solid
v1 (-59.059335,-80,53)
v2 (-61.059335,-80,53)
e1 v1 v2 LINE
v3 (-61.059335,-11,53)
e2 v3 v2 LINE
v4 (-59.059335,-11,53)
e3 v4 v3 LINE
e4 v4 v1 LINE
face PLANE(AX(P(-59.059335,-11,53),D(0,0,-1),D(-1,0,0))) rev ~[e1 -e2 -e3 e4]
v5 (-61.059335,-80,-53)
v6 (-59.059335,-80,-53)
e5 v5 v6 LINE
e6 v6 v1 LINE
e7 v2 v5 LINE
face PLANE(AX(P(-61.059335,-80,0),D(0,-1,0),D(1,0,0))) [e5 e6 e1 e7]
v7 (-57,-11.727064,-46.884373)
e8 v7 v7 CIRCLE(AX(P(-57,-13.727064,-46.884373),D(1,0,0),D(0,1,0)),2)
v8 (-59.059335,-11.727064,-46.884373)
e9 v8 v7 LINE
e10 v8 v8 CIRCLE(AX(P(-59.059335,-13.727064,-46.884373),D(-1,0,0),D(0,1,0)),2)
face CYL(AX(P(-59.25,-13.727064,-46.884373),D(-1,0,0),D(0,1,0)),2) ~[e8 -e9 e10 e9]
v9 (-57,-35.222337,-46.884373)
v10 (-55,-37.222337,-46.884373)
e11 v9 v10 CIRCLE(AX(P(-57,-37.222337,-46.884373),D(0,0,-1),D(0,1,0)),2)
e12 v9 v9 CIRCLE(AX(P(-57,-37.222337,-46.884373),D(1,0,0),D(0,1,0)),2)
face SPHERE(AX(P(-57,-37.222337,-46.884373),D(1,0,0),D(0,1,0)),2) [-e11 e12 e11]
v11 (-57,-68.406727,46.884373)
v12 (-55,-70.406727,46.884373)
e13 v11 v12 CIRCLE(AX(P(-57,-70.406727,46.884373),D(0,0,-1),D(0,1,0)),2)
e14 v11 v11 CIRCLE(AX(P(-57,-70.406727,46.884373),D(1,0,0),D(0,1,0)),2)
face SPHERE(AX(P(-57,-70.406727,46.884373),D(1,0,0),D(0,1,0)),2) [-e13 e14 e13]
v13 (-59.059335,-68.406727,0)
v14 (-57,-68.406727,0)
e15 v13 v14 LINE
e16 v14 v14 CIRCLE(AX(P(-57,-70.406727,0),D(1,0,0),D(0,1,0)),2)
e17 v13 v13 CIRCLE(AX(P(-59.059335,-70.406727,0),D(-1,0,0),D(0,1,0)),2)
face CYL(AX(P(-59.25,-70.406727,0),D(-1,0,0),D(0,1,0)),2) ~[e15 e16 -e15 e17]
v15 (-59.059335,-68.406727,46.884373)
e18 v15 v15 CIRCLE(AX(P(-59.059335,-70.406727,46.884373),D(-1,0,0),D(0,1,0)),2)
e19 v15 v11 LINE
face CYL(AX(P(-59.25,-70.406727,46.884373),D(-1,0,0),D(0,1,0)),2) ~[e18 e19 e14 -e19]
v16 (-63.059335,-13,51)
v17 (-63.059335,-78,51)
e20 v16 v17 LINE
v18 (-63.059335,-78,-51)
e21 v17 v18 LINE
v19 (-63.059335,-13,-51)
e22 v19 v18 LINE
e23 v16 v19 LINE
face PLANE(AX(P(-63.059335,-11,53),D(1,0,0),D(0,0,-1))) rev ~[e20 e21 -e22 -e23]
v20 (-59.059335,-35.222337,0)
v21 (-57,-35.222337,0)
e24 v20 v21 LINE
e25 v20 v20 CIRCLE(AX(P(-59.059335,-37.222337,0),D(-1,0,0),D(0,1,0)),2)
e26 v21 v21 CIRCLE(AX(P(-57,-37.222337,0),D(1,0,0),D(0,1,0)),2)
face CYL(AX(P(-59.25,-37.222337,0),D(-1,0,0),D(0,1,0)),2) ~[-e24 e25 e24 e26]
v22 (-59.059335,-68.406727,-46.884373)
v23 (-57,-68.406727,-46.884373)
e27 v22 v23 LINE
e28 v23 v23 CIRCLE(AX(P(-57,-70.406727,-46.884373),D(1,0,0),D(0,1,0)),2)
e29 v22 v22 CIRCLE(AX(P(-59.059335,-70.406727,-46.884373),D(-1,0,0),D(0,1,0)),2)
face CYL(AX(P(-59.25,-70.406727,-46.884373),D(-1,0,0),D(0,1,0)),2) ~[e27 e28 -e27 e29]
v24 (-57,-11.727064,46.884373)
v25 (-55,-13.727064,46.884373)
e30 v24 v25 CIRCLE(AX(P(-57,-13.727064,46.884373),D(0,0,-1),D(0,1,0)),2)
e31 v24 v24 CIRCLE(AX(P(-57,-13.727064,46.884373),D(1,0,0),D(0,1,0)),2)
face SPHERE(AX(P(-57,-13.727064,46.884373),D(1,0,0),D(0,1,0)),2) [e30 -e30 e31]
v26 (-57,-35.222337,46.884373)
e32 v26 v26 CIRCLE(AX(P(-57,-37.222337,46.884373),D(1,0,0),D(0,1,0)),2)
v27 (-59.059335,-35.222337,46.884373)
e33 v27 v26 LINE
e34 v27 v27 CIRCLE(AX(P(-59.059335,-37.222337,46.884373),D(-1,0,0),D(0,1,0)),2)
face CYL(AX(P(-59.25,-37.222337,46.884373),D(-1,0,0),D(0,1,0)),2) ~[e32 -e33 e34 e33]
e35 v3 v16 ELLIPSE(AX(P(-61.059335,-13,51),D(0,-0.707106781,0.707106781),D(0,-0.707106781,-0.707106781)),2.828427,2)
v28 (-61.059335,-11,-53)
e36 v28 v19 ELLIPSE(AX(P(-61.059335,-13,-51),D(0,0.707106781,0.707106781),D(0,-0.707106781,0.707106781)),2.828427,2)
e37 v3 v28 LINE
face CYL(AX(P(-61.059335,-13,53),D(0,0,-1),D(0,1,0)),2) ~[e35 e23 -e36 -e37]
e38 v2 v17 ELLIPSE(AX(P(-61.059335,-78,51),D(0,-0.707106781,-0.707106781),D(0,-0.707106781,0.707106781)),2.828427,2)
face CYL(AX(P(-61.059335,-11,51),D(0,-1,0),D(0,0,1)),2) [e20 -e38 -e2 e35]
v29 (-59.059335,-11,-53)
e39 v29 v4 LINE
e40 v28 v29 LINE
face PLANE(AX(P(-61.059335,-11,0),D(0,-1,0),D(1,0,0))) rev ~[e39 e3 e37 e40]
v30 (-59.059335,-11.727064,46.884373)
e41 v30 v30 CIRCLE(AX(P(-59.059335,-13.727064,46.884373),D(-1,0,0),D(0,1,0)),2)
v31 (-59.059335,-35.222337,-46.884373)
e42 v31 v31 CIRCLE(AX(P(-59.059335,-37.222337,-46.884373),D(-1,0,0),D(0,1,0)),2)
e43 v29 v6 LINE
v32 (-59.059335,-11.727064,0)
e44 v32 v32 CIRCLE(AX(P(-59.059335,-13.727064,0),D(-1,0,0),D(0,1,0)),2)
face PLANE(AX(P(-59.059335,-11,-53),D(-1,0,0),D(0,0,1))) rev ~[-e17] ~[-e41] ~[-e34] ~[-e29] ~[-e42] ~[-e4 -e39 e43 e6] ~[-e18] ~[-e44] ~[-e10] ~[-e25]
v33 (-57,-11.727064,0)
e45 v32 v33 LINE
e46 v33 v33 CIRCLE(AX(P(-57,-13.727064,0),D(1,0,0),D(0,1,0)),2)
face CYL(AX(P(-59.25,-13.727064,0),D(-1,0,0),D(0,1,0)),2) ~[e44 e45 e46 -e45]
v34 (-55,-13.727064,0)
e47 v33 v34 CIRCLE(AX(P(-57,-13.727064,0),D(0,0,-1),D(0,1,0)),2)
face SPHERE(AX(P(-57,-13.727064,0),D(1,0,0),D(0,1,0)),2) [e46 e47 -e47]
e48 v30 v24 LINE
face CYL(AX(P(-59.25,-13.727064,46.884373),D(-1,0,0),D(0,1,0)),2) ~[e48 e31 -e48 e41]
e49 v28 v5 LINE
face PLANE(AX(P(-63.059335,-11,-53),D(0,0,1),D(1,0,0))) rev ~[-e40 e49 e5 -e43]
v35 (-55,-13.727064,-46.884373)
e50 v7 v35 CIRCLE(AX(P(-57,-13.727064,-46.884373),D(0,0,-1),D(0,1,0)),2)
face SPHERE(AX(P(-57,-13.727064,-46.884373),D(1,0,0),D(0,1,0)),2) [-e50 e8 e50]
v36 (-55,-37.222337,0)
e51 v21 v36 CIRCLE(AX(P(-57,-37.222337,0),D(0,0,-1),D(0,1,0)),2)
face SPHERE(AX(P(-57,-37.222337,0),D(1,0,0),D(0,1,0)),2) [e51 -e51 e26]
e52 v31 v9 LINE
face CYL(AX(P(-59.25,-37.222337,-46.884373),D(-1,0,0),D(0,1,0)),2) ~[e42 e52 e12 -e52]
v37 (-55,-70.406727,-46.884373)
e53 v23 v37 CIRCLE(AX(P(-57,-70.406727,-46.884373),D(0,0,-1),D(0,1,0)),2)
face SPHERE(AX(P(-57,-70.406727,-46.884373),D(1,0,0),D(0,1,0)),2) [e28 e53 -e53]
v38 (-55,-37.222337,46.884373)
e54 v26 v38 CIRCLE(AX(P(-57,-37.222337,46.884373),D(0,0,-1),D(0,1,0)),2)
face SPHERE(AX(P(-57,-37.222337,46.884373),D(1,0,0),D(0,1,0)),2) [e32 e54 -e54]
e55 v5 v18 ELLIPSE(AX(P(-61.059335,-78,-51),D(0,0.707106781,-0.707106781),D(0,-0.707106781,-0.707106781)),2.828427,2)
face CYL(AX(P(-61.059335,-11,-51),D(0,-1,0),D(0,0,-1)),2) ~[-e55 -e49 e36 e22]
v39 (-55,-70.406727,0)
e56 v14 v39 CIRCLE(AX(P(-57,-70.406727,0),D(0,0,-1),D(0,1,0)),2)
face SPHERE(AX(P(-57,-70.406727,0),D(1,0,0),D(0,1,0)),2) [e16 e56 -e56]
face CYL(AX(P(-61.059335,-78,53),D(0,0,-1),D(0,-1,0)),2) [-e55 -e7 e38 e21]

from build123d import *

# Parameters (mm, degrees)
F1_START = 11
F1_DEPTH = 69
F4_START = 21.75
F3_R     = 2
F4_DEPTH = 4.25
F5_R     = 2
F6_R     = 2


with BuildPart() as f1:
    # F0 (on Front) → F1 (new body)
    with BuildSketch(Plane.XZ.offset(F1_START)):
        Polygon((-59.0593354404, 0), (-59.0593354404, 53), (-63.0593354404, 53), (-63.0593354404, -53), (-59.0593354404, -53), align=None)
    extrude(amount=F1_DEPTH)

    # F3 (on offset) → F4 (join)
    with BuildSketch(Plane.YZ.offset(-81).offset(F4_START)):
        with Locations((-70.4067274928, -46.8843728304)):
            Circle(F3_R)
        with Locations((-70.4067274928, 0)):
            Circle(F3_R)
        with Locations((-70.4067274928, 46.8843728304)):
            Circle(F3_R)
        with Locations((-37.2223369777, 46.8843728304)):
            Circle(F3_R)
        with Locations((-37.2223369777, 0)):
            Circle(F3_R)
        with Locations((-37.2223369777, -46.8843728304)):
            Circle(F3_R)
        with Locations((-13.7270642444, 46.8843728304)):
            Circle(F3_R)
        with Locations((-13.7270642444, 0)):
            Circle(F3_R)
        with Locations((-13.7270642444, -46.8843728304)):
            Circle(F3_R)
    extrude(amount=F4_DEPTH)

    # F5
    f5_edges = [f1.edges().sort_by_distance(p)[0] for p in [
        (-55, -72.406727, 0),
        (-55, -72.406727, 46.884373),
        (-55, -72.406727, -46.884373),
        (-55, -39.222337, -46.884373),
        (-55, -39.222337, 0),
        (-55, -39.222337, 46.884373),
        (-55, -15.727064, 46.884373),
        (-55, -15.727064, 0),
        (-55, -15.727064, -46.884373),
    ]]
    fillet(f5_edges, radius=F5_R)

    # F6
    f6_edges = [f1.edges().sort_by_distance(p)[0] for p in [
        (-63.059335, -45.5, 53),
        (-63.059335, -45.5, -53),
        (-63.059335, -11, 0),
        (-63.059335, -80, 0),
    ]]
    fillet(f6_edges, radius=F6_R)


solid = f1.part
